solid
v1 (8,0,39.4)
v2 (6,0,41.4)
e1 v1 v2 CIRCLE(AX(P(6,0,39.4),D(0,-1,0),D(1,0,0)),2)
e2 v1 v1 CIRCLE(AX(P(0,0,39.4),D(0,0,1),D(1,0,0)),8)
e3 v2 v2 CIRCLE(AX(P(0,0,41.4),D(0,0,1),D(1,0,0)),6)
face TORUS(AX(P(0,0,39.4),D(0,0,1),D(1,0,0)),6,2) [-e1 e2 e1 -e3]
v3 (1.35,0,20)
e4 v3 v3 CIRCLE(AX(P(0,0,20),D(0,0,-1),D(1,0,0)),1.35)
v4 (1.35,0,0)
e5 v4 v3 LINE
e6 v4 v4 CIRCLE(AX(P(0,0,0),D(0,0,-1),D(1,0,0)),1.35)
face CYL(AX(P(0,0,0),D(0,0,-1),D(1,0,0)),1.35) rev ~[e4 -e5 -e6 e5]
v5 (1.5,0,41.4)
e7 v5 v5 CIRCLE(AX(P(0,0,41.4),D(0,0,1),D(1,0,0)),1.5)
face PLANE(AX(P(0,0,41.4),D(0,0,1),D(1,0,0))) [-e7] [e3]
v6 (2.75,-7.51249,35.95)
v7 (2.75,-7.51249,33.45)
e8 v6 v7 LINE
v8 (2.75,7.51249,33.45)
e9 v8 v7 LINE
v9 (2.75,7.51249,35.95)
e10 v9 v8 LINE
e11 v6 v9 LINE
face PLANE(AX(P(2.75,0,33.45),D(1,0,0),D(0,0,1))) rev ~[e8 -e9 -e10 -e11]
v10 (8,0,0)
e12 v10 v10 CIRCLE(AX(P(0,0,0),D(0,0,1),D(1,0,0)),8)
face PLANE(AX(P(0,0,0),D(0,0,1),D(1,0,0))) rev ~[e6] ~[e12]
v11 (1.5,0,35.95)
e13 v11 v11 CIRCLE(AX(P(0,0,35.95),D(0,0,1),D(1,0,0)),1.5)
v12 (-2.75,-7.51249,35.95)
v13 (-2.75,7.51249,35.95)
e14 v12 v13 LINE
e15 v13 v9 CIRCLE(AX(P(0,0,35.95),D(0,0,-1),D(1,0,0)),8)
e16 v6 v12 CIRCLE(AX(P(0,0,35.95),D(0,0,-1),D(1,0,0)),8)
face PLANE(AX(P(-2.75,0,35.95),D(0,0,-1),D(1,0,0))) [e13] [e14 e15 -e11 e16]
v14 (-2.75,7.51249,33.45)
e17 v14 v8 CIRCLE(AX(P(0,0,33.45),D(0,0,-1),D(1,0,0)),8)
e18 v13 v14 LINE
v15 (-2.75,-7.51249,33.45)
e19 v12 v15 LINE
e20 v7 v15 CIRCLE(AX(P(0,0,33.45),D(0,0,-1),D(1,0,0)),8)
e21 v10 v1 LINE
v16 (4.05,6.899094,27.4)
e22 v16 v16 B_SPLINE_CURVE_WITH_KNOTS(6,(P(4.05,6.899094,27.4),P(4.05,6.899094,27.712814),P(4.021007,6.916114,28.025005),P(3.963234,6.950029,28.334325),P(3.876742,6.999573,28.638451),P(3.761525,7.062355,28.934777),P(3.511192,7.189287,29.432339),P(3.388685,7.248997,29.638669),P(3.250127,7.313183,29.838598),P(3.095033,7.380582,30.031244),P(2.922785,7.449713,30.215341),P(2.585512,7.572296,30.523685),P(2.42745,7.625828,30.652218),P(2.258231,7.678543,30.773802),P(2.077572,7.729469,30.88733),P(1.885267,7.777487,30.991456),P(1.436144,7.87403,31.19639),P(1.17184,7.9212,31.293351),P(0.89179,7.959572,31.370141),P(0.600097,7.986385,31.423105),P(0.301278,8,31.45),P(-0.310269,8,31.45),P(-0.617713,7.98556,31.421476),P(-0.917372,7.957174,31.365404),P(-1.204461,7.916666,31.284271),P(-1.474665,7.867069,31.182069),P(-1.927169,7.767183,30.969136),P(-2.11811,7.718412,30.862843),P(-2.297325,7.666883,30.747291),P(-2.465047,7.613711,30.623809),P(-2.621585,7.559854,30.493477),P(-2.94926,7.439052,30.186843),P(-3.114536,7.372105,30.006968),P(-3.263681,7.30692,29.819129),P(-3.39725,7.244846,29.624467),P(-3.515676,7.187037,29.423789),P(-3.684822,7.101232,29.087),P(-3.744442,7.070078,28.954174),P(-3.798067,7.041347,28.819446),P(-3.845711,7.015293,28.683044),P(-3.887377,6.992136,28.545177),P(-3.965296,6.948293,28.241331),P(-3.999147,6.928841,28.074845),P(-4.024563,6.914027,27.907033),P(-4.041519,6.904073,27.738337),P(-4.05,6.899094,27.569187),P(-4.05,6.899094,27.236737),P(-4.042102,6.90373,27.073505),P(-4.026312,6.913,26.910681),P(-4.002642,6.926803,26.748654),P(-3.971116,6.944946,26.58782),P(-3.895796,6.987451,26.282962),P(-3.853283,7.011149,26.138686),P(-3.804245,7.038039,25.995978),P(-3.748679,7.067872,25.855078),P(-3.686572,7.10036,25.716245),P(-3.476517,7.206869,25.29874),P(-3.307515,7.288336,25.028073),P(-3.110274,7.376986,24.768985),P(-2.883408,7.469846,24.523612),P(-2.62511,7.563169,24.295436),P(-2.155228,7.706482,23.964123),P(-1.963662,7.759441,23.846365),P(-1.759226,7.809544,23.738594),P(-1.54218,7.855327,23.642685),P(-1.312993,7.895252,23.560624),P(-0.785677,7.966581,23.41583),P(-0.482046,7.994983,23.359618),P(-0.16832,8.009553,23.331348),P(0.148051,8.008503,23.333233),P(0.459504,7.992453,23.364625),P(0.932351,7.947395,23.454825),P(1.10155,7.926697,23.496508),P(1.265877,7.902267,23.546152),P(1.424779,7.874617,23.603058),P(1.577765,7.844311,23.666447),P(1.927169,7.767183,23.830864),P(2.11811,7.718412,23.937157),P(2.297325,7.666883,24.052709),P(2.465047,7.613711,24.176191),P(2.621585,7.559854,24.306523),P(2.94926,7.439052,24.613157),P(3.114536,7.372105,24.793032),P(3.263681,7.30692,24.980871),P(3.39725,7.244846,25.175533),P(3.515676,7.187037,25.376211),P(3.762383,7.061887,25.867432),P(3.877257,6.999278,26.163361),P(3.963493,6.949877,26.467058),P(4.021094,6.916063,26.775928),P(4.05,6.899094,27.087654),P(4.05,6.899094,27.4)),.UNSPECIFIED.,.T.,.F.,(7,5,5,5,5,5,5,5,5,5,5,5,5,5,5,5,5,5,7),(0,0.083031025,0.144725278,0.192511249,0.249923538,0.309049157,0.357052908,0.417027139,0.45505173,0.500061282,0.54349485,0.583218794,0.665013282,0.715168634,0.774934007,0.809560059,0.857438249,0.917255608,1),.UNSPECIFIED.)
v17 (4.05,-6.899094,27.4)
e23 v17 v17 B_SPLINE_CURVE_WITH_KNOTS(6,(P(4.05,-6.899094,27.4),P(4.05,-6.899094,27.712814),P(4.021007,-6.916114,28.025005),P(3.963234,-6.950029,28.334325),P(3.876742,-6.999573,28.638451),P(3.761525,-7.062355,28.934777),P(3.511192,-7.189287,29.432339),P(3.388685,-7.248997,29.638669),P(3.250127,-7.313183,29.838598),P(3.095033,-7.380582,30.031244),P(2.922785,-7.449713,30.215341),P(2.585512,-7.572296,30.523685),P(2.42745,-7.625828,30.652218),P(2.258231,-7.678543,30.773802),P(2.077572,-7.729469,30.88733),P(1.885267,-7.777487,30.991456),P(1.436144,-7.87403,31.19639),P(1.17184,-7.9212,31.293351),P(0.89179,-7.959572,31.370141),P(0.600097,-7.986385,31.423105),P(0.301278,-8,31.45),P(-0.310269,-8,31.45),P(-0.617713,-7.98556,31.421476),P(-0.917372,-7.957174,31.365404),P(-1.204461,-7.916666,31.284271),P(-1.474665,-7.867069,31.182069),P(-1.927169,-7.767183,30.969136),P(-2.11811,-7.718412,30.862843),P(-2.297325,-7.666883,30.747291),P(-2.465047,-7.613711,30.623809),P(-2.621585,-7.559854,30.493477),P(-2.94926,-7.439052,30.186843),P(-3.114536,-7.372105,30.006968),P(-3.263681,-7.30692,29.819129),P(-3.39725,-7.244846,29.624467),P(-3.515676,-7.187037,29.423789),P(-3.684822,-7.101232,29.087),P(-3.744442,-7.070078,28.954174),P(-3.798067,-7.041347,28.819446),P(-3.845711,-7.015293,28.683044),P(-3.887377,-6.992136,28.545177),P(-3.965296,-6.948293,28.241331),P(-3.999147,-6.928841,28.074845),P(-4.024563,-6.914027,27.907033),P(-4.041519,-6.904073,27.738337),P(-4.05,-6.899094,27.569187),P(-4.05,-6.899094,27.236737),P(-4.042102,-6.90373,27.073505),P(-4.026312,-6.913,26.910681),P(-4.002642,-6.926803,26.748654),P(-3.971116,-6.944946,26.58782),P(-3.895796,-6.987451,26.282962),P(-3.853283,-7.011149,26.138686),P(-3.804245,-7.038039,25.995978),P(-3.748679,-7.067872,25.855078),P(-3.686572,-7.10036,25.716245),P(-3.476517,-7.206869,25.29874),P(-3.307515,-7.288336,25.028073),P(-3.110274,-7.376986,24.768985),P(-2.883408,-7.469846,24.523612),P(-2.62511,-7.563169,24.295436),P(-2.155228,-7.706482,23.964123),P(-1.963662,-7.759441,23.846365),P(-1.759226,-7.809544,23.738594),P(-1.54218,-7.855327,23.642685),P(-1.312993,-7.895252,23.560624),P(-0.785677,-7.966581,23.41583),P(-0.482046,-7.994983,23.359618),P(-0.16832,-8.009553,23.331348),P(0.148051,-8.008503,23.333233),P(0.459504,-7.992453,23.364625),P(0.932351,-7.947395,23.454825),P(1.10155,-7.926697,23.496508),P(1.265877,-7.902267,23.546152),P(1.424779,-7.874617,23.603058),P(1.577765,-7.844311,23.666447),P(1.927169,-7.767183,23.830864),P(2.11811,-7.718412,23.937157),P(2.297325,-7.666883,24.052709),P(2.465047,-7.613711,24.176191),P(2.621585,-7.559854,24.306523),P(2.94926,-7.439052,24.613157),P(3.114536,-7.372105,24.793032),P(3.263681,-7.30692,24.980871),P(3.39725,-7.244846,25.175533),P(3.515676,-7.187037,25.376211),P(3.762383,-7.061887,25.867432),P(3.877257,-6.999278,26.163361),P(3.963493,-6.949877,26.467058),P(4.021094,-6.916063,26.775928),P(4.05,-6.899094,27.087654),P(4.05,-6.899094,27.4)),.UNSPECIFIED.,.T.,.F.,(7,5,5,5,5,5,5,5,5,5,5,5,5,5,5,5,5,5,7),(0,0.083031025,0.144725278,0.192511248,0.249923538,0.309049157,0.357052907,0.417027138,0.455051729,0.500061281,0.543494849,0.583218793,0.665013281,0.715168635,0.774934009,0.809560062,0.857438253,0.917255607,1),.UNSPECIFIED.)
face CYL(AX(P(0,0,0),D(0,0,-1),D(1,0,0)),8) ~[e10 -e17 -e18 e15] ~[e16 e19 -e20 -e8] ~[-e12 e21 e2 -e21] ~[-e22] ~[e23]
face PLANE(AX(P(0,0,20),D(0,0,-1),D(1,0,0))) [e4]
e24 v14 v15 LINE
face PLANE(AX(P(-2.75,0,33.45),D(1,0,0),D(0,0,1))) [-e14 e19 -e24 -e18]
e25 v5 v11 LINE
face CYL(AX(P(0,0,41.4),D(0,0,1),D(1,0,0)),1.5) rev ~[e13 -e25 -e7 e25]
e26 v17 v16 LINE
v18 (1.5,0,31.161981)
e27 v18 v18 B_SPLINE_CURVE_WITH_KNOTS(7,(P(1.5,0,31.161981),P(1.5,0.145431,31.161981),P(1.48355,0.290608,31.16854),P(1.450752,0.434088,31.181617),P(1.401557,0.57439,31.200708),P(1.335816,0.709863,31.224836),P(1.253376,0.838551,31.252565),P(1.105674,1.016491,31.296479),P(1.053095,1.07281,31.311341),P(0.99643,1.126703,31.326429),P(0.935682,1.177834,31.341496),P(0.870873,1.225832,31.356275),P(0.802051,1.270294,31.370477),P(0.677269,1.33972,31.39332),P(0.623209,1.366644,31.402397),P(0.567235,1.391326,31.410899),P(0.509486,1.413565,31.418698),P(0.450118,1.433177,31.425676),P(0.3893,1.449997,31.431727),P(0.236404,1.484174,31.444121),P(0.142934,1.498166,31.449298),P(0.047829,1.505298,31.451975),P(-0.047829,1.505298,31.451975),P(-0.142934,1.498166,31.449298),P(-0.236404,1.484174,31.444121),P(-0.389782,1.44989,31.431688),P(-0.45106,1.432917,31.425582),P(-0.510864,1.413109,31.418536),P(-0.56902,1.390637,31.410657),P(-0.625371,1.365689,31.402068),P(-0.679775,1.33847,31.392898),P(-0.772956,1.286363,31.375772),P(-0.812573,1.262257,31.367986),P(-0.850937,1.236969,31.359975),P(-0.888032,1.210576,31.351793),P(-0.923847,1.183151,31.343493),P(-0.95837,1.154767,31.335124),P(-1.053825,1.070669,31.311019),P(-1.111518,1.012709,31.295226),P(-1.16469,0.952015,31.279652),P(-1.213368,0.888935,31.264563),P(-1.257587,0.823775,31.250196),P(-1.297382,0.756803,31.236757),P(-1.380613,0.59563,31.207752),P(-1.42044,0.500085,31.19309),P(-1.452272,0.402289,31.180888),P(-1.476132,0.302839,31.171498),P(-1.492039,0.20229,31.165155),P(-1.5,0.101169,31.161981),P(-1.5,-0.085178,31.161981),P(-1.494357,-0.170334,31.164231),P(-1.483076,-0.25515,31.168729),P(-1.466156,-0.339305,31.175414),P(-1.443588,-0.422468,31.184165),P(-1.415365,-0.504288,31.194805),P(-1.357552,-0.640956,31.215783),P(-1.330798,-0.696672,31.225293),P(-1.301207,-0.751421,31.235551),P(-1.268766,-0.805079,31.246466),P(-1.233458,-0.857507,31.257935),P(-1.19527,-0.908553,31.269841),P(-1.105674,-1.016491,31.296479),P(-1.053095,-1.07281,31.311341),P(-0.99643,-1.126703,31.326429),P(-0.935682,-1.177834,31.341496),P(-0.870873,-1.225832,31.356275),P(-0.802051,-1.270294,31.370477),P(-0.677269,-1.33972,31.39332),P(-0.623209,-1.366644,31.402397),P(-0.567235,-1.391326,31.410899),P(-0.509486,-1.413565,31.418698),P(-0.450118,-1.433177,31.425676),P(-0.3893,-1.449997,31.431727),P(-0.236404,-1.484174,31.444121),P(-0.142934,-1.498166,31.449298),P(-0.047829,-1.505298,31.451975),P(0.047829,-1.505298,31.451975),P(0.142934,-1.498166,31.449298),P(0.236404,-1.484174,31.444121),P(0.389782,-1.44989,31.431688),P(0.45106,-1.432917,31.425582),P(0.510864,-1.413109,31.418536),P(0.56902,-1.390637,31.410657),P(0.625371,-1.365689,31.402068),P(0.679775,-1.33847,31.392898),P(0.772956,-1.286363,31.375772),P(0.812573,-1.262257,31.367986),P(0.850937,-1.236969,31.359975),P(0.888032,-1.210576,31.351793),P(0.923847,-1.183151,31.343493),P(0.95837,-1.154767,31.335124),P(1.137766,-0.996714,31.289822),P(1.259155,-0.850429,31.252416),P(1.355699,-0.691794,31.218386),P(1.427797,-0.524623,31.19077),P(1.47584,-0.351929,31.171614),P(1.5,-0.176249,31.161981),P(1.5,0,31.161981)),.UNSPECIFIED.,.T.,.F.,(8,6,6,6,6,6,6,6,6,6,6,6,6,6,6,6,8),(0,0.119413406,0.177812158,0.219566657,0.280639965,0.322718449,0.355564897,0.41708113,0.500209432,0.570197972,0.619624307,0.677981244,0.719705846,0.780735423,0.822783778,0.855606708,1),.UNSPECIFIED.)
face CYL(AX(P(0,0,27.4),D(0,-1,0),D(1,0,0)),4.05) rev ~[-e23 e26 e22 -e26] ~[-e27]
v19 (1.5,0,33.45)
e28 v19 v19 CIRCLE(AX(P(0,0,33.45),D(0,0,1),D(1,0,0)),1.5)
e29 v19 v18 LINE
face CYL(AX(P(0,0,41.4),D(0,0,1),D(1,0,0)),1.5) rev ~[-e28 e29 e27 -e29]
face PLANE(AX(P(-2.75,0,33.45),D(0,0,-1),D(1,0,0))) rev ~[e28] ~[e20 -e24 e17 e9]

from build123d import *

# Parameters (mm, degrees)
F0_R     = 8
F1_DEPTH = 41.4
F2_R     = 4.05
F2_W     = 5.5
F2_H     = 2.5
F3_DEPTH = 12.5
F4_R     = 1.5
F5_DEPTH = 16
F6_R     = 1.35
F7_DEPTH = 20
F8_R     = 2


with BuildPart() as f1:
    # F0 (on Top) → F1 (new body)
    with BuildSketch(Plane.XY):
        Circle(F0_R)
    extrude(amount=F1_DEPTH)

    # F2 (on Front) → F3 (cut, symmetric)
    with BuildSketch(Plane.XZ):
        with Locations((0, 27.4)):
            Circle(F2_R)
        with Locations((0, 34.7)):
            Rectangle(F2_W, F2_H)
    extrude(amount=F3_DEPTH, both=True, mode=Mode.SUBTRACT)

    # F4 (on face) → F5 (cut)
    with BuildSketch(Plane.XY.offset(41.4)):
        Circle(F4_R)
    extrude(amount=-F5_DEPTH, mode=Mode.SUBTRACT)

    # F6 (on face) → F7 (cut)
    with BuildSketch(Plane(origin=(0, 0, 0), x_dir=(1, 0, 0), z_dir=(0, 0, -1))):
        Circle(F6_R)
    extrude(amount=-F7_DEPTH, mode=Mode.SUBTRACT)

    # F8
    f8_edges = [f1.edges().sort_by_distance(p)[0] for p in [
        (-8, 0, 41.4),
    ]]
    fillet(f8_edges, radius=F8_R)


solid = f1.part
